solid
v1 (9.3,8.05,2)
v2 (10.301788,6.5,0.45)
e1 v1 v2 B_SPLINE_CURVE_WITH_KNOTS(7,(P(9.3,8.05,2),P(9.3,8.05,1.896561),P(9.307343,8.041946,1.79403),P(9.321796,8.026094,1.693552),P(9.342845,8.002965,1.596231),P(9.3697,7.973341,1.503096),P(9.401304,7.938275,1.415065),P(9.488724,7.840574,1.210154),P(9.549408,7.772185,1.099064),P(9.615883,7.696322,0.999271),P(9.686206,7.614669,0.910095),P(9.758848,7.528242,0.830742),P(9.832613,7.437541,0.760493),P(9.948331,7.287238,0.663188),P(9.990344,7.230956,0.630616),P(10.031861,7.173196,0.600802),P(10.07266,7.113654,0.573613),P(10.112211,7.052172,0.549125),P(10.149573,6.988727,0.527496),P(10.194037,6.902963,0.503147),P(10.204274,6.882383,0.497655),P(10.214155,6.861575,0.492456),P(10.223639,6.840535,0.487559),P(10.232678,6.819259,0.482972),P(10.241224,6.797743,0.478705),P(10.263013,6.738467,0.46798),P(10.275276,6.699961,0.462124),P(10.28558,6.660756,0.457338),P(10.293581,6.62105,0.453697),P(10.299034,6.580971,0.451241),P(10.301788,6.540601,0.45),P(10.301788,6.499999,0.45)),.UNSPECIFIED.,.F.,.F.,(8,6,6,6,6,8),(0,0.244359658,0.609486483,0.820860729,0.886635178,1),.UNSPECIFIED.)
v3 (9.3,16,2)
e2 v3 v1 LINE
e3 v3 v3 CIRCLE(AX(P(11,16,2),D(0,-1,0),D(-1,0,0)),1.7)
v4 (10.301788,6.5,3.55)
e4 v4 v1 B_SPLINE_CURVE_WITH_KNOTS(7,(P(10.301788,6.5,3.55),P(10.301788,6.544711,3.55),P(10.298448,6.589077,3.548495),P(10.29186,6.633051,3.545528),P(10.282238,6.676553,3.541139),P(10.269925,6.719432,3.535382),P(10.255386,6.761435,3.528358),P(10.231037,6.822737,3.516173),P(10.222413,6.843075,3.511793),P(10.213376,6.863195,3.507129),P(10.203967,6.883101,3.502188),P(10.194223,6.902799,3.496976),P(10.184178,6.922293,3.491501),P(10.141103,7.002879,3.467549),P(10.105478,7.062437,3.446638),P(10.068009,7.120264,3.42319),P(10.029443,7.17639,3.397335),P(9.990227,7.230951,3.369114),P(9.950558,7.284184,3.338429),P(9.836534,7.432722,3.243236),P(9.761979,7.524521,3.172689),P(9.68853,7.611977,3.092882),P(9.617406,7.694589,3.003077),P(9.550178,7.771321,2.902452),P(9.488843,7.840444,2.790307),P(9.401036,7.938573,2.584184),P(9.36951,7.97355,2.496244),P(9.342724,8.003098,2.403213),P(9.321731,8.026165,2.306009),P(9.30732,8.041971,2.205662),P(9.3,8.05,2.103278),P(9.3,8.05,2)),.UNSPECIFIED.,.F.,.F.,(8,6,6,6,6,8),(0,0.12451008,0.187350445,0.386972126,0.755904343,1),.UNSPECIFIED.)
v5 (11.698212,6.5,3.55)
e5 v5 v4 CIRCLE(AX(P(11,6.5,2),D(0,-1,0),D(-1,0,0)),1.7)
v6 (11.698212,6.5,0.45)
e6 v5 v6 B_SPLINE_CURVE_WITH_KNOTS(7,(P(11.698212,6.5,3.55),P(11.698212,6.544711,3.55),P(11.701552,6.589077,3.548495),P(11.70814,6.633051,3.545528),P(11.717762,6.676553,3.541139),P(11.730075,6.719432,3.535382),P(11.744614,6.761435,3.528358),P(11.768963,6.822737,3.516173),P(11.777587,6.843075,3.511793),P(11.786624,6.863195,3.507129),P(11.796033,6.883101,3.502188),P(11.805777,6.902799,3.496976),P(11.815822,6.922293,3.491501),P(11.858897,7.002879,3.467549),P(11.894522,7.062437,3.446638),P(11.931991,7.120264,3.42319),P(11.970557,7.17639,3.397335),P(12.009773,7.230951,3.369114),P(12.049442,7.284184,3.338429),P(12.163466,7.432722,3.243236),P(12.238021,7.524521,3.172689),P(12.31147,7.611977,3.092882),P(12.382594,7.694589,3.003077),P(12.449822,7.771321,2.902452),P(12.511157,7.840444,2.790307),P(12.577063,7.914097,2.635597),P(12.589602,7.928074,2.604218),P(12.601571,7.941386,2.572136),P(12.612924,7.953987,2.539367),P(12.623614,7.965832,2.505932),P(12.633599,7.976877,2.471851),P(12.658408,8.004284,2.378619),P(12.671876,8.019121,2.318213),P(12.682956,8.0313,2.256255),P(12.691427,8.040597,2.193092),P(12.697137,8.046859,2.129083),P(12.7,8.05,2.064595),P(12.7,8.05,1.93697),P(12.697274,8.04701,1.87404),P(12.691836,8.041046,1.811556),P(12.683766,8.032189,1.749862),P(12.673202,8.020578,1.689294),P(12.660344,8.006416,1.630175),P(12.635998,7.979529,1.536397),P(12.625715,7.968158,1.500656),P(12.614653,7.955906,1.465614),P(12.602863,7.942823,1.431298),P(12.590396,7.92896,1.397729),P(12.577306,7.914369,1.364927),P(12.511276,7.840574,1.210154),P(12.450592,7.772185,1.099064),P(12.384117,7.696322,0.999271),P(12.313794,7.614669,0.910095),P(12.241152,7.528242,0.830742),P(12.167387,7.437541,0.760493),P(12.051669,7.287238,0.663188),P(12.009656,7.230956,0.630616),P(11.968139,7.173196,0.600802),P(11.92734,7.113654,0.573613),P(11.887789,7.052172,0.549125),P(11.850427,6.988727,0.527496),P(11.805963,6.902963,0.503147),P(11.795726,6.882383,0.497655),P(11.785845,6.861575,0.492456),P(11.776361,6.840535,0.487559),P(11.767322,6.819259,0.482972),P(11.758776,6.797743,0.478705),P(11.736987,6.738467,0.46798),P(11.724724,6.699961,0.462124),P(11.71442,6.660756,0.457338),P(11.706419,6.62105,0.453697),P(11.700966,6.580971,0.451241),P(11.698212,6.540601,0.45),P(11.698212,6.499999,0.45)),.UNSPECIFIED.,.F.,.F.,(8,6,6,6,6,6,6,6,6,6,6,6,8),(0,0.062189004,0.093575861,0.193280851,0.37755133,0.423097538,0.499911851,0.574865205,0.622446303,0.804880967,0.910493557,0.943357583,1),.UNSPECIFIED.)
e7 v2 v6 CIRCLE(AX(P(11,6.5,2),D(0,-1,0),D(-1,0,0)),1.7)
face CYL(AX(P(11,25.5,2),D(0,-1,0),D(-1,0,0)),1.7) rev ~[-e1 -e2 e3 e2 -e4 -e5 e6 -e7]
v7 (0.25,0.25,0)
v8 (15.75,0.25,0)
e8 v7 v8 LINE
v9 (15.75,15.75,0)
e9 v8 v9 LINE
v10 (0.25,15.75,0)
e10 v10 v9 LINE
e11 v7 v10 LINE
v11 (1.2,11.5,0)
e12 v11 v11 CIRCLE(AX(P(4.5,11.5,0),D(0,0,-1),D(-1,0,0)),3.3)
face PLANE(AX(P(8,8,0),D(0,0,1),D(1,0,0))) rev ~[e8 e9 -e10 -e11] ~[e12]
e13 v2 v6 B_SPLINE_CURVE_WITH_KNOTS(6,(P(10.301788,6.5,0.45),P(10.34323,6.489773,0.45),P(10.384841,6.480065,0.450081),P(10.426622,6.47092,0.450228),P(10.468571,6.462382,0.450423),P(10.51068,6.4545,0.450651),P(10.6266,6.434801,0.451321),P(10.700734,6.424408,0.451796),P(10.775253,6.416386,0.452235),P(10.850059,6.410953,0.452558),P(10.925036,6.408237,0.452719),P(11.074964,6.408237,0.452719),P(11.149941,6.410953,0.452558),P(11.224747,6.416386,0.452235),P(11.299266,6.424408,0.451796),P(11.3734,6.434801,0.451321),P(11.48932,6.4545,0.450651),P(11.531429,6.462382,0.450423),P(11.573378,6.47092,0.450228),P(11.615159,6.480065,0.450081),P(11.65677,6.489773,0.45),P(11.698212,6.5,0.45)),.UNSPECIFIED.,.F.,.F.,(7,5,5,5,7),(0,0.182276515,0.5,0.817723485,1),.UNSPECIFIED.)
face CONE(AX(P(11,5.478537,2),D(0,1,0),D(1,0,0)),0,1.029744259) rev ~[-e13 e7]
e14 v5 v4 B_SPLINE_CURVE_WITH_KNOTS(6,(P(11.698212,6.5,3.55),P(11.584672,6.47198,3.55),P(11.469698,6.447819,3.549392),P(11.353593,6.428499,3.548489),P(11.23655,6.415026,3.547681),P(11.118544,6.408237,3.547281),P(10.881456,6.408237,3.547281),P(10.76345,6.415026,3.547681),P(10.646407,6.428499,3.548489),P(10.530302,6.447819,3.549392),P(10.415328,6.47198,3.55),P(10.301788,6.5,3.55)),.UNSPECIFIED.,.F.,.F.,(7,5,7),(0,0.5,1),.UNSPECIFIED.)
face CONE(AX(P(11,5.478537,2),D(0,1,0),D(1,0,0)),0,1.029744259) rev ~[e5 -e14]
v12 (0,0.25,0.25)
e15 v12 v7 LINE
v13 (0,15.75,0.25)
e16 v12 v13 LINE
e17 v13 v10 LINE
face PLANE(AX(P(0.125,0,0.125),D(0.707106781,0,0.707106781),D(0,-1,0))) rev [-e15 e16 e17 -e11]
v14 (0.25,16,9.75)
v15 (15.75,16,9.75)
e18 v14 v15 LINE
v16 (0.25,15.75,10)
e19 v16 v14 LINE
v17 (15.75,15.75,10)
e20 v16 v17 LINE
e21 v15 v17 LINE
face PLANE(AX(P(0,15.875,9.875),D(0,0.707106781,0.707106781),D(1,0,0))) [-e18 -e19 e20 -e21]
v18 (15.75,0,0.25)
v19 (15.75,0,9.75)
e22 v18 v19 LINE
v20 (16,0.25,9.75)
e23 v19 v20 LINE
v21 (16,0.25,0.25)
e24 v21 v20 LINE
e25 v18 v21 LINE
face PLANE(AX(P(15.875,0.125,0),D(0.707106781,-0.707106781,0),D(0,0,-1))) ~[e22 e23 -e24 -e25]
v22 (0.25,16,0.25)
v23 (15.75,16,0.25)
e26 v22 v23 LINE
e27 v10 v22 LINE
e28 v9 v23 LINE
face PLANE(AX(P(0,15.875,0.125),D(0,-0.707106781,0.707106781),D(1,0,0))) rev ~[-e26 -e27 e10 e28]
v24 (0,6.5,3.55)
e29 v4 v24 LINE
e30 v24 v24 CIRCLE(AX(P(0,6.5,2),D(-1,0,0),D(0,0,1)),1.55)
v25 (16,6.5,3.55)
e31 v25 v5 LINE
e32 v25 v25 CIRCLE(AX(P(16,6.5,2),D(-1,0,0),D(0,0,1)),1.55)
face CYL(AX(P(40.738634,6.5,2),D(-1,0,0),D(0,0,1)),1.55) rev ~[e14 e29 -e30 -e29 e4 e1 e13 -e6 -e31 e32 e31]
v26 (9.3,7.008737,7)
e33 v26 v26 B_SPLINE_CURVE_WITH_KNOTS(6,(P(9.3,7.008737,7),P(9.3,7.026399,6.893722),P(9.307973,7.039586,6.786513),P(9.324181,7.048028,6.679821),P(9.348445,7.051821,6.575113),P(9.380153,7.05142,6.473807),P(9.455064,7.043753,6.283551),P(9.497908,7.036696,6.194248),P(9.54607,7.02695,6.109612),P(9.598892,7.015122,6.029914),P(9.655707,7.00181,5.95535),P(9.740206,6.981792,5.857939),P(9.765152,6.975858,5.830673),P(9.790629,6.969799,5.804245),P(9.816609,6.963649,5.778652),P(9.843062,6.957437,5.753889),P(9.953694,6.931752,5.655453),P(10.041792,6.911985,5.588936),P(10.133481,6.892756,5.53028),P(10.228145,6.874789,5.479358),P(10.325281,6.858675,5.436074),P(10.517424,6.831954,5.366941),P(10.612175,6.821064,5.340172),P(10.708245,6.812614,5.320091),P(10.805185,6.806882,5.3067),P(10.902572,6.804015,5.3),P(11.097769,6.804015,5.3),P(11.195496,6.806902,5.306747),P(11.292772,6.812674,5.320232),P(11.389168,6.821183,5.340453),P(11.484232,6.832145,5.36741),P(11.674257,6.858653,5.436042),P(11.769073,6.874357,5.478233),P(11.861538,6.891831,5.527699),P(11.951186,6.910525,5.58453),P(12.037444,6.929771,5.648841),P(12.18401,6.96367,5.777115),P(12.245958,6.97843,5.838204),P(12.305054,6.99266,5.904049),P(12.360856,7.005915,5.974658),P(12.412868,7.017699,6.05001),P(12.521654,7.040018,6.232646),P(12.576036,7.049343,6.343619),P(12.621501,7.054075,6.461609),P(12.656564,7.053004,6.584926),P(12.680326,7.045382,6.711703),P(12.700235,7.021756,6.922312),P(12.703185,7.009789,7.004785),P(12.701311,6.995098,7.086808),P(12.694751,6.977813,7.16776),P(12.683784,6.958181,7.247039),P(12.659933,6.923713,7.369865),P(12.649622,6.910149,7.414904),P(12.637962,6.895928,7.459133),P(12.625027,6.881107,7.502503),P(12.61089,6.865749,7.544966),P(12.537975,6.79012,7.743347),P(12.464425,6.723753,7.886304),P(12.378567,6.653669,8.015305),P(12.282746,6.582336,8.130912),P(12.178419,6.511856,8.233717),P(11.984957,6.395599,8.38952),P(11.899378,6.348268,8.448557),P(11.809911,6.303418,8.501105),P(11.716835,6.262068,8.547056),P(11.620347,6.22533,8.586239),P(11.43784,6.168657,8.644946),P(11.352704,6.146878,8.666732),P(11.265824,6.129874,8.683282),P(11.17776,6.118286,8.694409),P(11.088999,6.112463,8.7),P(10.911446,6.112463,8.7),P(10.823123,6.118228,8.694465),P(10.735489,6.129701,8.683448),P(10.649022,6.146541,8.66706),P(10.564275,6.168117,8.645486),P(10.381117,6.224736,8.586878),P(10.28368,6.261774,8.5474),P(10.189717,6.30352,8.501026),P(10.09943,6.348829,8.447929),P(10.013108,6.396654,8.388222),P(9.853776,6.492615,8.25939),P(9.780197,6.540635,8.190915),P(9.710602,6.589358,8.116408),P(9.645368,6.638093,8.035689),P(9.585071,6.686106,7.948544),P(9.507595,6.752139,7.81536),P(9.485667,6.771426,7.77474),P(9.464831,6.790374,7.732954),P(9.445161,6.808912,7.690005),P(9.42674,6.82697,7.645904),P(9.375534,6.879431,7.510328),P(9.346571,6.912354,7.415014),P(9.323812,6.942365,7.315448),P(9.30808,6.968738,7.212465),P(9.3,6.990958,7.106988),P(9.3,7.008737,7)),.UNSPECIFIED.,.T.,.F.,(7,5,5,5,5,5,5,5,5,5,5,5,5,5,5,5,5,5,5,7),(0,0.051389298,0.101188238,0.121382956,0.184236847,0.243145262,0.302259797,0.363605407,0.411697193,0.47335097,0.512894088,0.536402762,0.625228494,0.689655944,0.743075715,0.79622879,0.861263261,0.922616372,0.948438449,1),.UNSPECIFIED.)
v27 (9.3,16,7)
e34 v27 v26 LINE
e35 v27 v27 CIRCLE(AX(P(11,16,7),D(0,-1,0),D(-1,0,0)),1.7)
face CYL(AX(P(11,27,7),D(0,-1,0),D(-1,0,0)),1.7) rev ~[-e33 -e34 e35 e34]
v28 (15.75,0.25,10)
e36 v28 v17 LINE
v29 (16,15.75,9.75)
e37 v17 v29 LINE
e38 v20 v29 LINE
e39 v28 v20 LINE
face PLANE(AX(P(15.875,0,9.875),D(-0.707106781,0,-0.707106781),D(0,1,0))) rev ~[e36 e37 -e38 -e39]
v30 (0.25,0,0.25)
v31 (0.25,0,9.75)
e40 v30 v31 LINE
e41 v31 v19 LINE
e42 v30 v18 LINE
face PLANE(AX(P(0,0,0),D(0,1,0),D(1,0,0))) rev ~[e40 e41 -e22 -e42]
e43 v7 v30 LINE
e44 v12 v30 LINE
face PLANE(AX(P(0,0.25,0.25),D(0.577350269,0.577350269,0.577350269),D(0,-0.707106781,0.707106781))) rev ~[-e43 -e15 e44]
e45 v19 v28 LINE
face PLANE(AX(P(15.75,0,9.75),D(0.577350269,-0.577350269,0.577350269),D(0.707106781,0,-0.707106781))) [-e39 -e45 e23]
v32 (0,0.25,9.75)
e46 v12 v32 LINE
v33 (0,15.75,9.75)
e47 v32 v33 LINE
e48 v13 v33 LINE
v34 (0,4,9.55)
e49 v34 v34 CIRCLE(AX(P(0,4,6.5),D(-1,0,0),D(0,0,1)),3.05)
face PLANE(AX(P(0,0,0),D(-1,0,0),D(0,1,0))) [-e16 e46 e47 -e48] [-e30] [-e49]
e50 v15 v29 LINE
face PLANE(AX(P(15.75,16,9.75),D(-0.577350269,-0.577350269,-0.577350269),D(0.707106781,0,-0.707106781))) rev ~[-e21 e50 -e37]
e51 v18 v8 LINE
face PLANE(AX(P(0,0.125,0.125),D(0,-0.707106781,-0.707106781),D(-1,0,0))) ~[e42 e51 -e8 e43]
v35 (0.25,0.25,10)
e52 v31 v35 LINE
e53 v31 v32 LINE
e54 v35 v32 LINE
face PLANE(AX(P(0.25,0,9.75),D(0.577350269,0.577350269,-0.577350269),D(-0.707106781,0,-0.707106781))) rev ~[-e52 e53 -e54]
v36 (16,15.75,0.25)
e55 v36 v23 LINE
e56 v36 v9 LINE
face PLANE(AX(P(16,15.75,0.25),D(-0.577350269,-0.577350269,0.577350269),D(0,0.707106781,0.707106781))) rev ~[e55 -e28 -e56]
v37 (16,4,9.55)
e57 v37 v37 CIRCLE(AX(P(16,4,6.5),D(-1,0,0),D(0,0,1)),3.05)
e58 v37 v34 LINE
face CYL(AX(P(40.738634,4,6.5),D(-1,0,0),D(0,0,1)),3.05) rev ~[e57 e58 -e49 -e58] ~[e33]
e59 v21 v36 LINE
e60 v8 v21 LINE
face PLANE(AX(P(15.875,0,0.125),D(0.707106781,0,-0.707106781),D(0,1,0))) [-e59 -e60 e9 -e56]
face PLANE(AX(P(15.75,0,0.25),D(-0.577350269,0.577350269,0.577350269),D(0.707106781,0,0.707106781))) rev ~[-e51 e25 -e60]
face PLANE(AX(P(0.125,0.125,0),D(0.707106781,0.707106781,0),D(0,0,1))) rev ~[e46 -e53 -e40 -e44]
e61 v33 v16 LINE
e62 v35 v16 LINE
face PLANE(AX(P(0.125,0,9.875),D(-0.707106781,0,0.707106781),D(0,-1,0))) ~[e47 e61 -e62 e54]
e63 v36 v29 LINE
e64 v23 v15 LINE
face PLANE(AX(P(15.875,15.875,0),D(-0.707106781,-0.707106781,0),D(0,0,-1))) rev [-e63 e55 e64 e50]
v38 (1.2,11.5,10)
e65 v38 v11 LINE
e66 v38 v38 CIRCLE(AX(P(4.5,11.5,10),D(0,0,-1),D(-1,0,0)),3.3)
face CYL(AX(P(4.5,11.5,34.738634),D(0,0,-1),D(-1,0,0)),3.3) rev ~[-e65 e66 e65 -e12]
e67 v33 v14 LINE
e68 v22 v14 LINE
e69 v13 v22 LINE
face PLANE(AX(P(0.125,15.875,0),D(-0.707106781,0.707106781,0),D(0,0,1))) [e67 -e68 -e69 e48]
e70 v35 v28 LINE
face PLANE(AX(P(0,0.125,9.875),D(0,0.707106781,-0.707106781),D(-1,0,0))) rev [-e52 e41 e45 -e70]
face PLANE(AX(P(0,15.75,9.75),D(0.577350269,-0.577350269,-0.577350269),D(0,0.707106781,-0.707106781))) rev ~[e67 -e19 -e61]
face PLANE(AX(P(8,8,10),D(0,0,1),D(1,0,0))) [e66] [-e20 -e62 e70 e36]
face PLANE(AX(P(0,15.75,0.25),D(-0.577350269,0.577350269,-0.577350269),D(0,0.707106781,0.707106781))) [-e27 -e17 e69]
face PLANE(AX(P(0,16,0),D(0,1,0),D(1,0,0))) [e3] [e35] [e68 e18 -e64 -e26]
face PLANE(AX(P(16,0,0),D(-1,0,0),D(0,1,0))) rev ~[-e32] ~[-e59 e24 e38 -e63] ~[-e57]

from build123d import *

# Parameters (mm, degrees)
ESQUISSE1_W                     = 16
ESQUISSE1_H                     = 16
BOSS_EXTRU_1_DEPTH              = 10
D_GAGEMENT_M61_D                = 6.6
DIAM_TRE_DU_PER_AGE_6_1_6_1_1_D = 6.1
DIAM_TRE_DU_PER_AGE_3_1_3_1_1_D = 3.1
D_GAGEMENT_M31_D                = 3.4
D_GAGEMENT_M31_DEPTH            = 11
D_GAGEMENT_M31_TIP              = 1.021463052
D_GAGEMENT_M33_D                = 3.4
D_GAGEMENT_M33_DEPTH            = 9.5
D_GAGEMENT_M33_TIP              = 1.021463052
CHANFREIN1_SIZE                 = 0.25


with BuildPart() as part:
    # Esquisse1 → Boss.-Extru.1 (new body)
    with BuildSketch(Plane.XY):
        with Locations((8, 8)):
            Rectangle(ESQUISSE1_W, ESQUISSE1_H)
    extrude(amount=BOSS_EXTRU_1_DEPTH)

    # Dégagement M61 (through all)
    with Locations(Plane.XY.offset(10)):
        with Locations((4.5, 11.5)):
            Hole(D_GAGEMENT_M61_D / 2)

    # Diamètre du perçage Ø6.1 (6.1)1 (through all)
    with Locations(Plane(origin=(16, 0, 0), x_dir=(0, 0, -1), z_dir=(1, 0, 0))):
        with Locations((-6.5, 4)):
            Hole(DIAM_TRE_DU_PER_AGE_6_1_6_1_1_D / 2)

    # Diamètre du perçage Ø3.1 (3.1)1 (through all)
    with Locations(Plane(origin=(16, 0, 0), x_dir=(0, 0, -1), z_dir=(1, 0, 0))):
        with Locations((-2, 6.5)):
            Hole(DIAM_TRE_DU_PER_AGE_3_1_3_1_1_D / 2)

    # Dégagement M31
    with Locations(Plane(origin=(0, 16, 0), x_dir=(1, 0, 0), z_dir=(0, 1, 0))):
        with Locations((11, -7)):
            Hole(D_GAGEMENT_M31_D / 2, depth=D_GAGEMENT_M31_DEPTH)
            with Locations((0, 0, -(D_GAGEMENT_M31_DEPTH + D_GAGEMENT_M31_TIP / 2))):  # 118° drill point
                Cone(0, D_GAGEMENT_M31_D / 2, D_GAGEMENT_M31_TIP, mode=Mode.SUBTRACT)

    # Dégagement M33
    with Locations(Plane(origin=(0, 16, 0), x_dir=(1, 0, 0), z_dir=(0, 1, 0))):
        with Locations((11, -2)):
            Hole(D_GAGEMENT_M33_D / 2, depth=D_GAGEMENT_M33_DEPTH)
            with Locations((0, 0, -(D_GAGEMENT_M33_DEPTH + D_GAGEMENT_M33_TIP / 2))):  # 118° drill point
                Cone(0, D_GAGEMENT_M33_D / 2, D_GAGEMENT_M33_TIP, mode=Mode.SUBTRACT)

    # Chanfrein1
    chanfrein1_edges = [part.edges().sort_by_distance(p)[0] for p in [
        (16, 8, 10),
        (8, 16, 10),
        (0, 8, 10),
        (8, 16, 0),
        (16, 8, 0),
        (8, 0, 0),
        (0, 8, 0),
        (8, 0, 10),
        (0, 16, 5),
        (16, 16, 5),
        (16, 0, 5),
        (0, 0, 5),
    ]]
    chamfer(chanfrein1_edges, length=CHANFREIN1_SIZE)


solid = part.part
